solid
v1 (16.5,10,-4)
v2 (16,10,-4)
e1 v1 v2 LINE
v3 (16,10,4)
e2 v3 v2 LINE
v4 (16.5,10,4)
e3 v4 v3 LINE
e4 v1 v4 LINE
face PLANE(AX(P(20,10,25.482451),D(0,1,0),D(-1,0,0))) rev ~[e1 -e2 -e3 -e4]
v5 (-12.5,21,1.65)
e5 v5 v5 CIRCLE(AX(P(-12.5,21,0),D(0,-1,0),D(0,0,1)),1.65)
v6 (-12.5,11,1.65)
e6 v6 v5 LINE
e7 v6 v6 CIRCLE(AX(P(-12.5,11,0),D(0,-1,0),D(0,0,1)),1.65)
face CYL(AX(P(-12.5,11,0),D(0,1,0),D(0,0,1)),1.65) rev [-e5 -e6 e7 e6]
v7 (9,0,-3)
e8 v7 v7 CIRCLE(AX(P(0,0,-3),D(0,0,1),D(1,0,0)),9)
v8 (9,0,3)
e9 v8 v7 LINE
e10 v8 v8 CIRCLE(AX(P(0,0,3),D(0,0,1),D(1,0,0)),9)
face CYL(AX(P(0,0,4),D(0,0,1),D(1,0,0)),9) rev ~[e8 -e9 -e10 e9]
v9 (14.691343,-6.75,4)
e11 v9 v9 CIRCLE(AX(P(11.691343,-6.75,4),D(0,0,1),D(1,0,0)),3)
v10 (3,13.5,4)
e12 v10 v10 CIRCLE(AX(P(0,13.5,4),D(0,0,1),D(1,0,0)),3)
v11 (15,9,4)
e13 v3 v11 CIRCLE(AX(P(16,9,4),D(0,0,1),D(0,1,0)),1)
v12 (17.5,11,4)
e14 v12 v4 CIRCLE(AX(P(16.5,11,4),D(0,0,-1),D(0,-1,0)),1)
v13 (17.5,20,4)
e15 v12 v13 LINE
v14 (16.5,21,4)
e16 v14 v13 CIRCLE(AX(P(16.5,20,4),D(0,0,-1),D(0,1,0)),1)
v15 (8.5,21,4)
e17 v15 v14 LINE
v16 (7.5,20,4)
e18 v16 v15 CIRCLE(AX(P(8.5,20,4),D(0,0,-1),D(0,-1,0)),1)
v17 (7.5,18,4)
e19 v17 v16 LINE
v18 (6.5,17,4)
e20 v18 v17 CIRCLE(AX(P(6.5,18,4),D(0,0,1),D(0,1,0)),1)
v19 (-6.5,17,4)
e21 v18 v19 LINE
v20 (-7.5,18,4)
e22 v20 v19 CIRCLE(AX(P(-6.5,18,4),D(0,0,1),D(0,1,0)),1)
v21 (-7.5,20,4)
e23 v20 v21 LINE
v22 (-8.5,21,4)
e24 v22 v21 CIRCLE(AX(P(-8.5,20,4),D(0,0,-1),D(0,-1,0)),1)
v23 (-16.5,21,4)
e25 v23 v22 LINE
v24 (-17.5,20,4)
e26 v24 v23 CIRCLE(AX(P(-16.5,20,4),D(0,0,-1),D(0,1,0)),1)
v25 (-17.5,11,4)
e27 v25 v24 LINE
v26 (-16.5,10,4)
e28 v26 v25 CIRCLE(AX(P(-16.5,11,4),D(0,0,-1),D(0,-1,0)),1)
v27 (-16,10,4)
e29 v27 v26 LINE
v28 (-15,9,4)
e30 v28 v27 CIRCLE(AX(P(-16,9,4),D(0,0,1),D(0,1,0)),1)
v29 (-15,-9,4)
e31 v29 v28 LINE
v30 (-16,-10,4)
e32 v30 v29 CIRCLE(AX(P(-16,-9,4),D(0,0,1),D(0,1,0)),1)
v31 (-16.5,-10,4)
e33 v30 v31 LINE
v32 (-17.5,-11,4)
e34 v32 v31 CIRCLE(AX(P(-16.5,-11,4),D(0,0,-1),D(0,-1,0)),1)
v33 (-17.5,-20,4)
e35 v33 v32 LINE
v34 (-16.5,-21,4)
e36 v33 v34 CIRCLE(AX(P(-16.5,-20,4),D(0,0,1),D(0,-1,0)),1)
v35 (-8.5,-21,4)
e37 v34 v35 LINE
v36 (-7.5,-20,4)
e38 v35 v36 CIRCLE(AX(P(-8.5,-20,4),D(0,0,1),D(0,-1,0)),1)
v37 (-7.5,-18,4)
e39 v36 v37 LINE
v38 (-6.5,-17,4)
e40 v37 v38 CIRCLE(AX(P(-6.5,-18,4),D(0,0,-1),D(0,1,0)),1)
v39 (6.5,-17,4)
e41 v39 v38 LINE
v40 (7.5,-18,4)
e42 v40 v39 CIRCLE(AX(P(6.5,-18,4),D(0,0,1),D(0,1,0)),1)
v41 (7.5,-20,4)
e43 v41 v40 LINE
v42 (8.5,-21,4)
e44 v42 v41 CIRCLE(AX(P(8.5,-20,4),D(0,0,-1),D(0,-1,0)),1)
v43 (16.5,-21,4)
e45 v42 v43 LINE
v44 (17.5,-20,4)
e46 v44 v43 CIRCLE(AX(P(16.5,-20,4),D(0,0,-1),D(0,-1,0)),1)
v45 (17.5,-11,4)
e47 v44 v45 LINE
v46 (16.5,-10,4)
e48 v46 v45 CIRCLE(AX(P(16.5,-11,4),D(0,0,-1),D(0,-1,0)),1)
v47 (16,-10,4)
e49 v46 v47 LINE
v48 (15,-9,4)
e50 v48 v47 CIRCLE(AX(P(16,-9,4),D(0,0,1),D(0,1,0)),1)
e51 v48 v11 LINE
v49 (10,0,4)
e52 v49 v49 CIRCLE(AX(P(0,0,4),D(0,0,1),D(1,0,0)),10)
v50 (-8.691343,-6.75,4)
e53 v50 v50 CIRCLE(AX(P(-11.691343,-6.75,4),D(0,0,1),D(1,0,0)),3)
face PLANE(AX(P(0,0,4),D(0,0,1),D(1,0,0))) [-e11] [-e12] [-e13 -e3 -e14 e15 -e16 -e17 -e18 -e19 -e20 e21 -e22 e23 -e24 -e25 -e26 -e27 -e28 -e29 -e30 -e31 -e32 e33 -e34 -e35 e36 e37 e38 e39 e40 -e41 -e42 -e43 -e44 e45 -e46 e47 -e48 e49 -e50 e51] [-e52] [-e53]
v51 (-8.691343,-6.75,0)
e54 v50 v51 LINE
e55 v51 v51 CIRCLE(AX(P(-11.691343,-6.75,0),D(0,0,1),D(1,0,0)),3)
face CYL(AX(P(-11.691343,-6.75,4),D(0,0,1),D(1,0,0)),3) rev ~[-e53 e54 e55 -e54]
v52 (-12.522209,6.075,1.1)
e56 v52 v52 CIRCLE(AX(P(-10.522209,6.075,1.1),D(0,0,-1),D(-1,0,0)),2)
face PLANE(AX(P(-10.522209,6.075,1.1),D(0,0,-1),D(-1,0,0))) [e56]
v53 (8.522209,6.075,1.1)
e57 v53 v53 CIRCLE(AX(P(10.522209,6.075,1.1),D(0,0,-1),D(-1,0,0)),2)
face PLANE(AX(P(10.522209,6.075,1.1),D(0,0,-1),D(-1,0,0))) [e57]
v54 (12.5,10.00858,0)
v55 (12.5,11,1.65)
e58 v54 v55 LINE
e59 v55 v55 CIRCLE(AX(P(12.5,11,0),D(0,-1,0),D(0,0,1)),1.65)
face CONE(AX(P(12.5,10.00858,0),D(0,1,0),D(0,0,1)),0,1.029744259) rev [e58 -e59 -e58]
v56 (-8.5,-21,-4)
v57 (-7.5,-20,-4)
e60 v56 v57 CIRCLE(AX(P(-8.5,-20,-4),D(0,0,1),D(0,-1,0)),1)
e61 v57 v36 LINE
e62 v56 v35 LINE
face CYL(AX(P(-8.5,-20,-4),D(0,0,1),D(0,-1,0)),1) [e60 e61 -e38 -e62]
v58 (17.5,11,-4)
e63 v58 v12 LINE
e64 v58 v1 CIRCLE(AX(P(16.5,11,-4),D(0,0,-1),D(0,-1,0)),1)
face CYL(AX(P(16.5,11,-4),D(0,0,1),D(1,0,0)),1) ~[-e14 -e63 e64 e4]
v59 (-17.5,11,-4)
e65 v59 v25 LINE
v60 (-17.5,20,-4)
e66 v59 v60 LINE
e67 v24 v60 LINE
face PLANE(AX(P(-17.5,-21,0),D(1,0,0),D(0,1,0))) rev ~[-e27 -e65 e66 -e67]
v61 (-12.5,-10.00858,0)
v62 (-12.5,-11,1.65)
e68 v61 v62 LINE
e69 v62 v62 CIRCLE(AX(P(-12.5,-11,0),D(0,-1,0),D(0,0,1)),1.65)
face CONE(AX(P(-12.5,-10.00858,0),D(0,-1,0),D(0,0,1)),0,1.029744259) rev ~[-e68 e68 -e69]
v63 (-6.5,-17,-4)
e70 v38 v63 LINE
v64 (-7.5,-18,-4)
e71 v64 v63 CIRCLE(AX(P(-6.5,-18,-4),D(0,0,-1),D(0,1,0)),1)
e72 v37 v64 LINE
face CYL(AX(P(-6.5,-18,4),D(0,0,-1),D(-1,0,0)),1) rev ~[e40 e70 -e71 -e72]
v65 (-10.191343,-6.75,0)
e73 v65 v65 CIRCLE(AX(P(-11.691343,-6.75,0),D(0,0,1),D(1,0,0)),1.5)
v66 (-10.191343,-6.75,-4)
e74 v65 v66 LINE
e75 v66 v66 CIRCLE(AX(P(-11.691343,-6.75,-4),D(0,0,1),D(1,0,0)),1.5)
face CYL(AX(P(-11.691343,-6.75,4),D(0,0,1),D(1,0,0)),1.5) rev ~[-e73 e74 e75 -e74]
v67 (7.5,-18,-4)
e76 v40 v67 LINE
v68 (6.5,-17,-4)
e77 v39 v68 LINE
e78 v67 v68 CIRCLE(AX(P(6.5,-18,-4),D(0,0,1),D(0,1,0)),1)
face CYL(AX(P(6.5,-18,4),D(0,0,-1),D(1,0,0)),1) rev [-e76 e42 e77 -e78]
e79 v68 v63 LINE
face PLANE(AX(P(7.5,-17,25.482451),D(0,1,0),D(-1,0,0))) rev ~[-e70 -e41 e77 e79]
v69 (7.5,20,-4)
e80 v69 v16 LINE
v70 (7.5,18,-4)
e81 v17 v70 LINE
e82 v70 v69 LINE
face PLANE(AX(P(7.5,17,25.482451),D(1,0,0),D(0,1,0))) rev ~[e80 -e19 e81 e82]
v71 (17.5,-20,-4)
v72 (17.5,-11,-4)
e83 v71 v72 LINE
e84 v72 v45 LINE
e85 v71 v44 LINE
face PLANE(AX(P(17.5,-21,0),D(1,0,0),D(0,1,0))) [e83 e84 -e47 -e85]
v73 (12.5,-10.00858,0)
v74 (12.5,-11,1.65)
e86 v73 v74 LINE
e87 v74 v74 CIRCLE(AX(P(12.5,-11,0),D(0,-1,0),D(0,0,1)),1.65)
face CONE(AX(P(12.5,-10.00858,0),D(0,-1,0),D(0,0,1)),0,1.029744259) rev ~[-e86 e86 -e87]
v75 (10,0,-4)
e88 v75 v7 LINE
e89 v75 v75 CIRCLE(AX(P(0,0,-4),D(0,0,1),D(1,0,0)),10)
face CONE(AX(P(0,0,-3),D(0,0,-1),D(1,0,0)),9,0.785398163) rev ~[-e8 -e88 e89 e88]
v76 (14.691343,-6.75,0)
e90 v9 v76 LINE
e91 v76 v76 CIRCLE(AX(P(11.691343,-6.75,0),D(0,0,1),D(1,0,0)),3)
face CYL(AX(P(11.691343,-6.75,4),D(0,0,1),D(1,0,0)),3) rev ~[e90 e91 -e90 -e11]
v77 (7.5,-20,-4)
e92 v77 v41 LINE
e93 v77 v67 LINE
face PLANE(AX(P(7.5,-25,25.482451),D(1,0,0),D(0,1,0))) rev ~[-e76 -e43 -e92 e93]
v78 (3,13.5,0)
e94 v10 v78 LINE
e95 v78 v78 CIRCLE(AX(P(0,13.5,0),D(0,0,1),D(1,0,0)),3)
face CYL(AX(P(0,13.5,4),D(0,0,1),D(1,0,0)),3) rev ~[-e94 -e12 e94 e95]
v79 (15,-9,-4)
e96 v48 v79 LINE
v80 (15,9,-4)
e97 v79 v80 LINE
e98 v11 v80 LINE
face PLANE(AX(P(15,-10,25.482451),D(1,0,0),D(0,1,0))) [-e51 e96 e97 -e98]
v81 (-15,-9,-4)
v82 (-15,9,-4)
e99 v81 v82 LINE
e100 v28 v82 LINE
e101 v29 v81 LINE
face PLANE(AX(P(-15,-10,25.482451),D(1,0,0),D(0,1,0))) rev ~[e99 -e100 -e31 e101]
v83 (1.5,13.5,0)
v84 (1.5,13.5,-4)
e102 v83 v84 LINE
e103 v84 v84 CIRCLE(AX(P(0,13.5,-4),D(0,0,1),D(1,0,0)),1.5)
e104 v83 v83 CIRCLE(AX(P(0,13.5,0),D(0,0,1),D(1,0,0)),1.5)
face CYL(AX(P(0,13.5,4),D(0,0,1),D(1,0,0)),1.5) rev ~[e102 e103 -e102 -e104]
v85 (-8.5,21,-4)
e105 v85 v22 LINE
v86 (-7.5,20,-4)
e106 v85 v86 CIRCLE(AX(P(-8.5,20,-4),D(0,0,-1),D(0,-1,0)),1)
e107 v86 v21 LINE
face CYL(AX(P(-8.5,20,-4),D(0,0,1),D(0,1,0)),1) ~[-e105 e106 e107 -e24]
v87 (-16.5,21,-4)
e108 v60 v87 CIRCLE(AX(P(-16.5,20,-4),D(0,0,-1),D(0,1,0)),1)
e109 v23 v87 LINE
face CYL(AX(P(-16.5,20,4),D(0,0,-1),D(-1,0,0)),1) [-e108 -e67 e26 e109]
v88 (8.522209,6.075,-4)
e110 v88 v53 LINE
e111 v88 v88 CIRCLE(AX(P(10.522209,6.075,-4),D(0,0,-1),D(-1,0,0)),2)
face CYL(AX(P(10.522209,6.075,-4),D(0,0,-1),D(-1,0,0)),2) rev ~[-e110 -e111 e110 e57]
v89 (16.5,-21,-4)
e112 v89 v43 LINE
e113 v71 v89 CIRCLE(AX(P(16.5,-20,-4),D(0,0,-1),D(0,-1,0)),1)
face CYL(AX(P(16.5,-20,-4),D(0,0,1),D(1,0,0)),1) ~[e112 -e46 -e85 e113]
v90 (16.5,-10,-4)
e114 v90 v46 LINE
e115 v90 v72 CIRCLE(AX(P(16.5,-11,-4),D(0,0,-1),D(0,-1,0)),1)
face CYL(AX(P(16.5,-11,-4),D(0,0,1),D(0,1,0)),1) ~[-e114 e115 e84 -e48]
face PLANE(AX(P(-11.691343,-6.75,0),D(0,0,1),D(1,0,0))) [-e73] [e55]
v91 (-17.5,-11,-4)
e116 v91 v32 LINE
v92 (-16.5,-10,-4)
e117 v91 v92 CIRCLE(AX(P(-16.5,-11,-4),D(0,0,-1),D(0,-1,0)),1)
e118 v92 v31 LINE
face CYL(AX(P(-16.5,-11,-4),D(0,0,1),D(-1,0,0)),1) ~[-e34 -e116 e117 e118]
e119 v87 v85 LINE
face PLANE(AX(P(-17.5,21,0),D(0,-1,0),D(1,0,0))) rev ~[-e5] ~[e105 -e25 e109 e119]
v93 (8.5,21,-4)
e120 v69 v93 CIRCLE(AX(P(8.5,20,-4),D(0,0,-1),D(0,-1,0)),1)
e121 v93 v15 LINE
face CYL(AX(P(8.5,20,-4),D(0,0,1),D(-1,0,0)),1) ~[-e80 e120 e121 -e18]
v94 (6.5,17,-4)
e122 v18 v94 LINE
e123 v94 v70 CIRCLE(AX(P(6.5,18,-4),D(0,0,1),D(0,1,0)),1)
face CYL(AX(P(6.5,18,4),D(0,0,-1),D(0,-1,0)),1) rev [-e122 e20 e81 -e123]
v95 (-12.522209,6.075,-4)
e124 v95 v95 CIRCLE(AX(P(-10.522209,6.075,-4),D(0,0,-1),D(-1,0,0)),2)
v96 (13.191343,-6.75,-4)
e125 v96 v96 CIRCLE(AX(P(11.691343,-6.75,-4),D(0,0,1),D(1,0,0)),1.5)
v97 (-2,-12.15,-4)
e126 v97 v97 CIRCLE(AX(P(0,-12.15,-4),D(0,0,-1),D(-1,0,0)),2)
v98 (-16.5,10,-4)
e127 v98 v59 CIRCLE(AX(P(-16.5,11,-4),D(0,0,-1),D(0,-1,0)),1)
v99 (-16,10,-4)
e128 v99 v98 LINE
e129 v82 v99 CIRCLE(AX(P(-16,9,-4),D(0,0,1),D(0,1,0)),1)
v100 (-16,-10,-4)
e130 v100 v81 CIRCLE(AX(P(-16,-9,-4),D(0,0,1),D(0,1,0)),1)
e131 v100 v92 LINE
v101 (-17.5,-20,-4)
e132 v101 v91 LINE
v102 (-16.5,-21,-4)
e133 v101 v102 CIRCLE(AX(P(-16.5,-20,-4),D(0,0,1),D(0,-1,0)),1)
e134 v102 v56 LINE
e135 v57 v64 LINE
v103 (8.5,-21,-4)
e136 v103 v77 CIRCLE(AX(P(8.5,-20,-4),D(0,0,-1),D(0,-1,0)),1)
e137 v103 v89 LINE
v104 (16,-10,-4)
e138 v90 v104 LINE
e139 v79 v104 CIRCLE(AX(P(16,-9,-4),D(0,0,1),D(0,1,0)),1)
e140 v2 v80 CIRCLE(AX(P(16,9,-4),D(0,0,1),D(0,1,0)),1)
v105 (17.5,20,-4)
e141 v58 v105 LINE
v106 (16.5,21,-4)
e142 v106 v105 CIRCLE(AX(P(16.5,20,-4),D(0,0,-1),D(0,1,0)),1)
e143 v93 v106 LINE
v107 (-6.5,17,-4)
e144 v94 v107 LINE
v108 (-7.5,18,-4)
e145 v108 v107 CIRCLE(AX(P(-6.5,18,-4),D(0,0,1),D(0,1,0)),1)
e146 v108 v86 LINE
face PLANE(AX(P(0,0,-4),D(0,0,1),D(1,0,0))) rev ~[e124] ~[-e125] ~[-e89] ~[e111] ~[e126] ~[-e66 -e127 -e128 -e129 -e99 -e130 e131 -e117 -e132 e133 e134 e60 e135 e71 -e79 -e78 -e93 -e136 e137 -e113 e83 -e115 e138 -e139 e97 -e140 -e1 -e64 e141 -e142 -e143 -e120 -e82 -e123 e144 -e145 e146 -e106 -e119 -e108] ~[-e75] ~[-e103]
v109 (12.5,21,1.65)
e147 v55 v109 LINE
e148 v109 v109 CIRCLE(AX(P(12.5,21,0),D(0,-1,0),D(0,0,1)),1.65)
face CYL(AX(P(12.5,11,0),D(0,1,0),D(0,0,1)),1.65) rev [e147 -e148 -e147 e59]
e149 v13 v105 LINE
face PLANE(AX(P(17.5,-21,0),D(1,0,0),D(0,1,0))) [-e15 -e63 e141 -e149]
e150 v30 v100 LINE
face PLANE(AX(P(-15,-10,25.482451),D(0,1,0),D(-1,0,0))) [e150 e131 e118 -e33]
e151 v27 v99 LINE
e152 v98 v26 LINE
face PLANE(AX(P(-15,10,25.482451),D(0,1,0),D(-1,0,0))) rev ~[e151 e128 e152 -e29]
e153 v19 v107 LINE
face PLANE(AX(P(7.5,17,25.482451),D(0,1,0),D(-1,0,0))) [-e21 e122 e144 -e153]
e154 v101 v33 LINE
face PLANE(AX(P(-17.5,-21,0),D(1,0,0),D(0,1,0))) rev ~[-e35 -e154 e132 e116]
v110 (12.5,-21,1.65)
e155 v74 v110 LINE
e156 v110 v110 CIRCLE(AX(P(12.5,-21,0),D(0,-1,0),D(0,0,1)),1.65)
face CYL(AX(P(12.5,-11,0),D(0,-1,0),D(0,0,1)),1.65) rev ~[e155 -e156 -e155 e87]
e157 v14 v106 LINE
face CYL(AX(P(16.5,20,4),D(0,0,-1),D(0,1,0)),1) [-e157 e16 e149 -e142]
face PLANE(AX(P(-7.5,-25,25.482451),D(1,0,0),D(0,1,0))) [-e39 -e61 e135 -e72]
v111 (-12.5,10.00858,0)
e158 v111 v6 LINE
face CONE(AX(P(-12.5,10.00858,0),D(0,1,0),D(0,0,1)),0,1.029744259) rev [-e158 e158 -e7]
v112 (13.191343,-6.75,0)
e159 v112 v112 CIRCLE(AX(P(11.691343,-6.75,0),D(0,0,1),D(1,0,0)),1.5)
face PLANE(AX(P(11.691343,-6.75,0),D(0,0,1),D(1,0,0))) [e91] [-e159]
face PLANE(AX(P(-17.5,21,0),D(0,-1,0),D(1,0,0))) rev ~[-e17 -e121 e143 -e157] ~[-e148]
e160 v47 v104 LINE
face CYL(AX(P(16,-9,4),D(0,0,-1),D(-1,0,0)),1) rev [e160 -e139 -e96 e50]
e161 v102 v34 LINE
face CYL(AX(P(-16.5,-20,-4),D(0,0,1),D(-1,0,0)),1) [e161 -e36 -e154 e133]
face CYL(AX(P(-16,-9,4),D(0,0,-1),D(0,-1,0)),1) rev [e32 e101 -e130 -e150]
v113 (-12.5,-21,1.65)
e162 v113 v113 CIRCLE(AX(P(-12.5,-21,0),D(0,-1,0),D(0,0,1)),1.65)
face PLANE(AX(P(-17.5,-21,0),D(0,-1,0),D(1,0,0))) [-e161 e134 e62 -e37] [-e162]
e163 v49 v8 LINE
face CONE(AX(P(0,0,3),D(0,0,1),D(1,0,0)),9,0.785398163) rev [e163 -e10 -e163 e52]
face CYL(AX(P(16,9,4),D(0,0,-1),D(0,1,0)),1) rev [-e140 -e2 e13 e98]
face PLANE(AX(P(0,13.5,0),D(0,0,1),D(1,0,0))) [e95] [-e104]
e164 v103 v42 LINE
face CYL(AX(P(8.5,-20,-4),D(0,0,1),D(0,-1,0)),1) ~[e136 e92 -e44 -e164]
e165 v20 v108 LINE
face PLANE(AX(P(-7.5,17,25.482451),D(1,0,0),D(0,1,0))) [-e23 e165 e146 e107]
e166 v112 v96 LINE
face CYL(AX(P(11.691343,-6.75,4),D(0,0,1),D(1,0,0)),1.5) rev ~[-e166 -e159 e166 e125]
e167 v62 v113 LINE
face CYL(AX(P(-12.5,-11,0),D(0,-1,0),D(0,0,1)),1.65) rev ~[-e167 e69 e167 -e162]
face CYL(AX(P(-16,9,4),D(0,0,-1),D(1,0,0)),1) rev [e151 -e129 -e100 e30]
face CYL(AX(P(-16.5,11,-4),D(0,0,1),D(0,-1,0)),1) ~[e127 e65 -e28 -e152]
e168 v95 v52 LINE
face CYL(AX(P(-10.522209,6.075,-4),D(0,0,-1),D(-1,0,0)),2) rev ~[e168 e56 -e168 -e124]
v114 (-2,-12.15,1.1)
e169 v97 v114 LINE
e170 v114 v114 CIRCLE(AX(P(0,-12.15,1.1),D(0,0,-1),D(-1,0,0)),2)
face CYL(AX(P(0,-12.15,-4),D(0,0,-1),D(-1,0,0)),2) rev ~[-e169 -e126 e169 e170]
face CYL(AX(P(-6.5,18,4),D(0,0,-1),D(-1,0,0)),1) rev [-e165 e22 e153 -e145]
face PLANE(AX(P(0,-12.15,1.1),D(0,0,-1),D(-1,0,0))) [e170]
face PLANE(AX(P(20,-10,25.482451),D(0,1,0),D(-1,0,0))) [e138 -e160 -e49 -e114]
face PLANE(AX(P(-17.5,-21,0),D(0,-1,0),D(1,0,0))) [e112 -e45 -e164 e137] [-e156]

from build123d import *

# Parameters (mm, degrees)
SKETCH_1_W                  = 35
SKETCH_1_H                  = 42
EXTRUDE_1_DEPTH             = 4
SKETCH_2_R                  = 1.5
SKETCH_2_R_2                = 9
CUT_EXTRUDE_1_DEPTH         = 8
SKETCH_3_R                  = 3
CUT_EXTRUDE_2_DEPTH         = 4
HOLE_WIZARD_M4_1_AT_2_COUNT = 2
HOLE_WIZARD_M4_1_AT_2_PITCH = 25
SKETCH_9_R                  = 2
CUT_EXTRUDE_3_DEPTH         = 5.1
CUT_EXTRUDE_4_DEPTH         = 29.482450737
CUT_EXTRUDE_4_DEPTH_BACK    = 29.482450737
SKETCH_10_W                 = 15
SKETCH_10_H                 = 8
SKETCH_10_W_2               = 5
SKETCH_10_H_2               = 20
FILLET_2_R                  = 1
CHAMFER_1_SIZE              = 1


with BuildPart() as part:
    # 草图1 → 凸台-拉伸1 (new, symmetric)
    with BuildSketch(Plane.XY):
        Rectangle(SKETCH_1_W, SKETCH_1_H)
    extrude(amount=EXTRUDE_1_DEPTH, both=True)

    # 草图2 → 切除-拉伸1 (cut)
    with BuildSketch(Plane.XY.offset(4)):
        with Locations((0, 13.5)):
            Circle(SKETCH_2_R)
        with Locations((11.691342951, -6.75)):
            Circle(SKETCH_2_R)
        with Locations((-11.691342951, -6.75)):
            Circle(SKETCH_2_R)
        Circle(SKETCH_2_R_2)
    extrude(amount=-CUT_EXTRUDE_1_DEPTH, mode=Mode.SUBTRACT)

    # 草图3 → 切除-拉伸2 (cut)
    with BuildSketch(Plane.XY.offset(4)):
        with Locations((-11.691342951, -6.75)):
            Circle(SKETCH_3_R)
        with Locations((11.691342951, -6.75)):
            Circle(SKETCH_3_R)
        with Locations((0, 13.5)):
            Circle(SKETCH_3_R)
    extrude(amount=-CUT_EXTRUDE_2_DEPTH, mode=Mode.SUBTRACT)

    # 草图8 → M4 螺纹孔1 (revolve, cut)
    with BuildSketch(Plane(origin=(-12.5, 21, 0), x_dir=(0, 0, 1), z_dir=(1, 0, 0))):
        Polygon((0, 0), (0, 10.991420021), (1.65, 10), (1.65, 0), align=None)
    hole_wizard_m4_1 = revolve(axis=Axis((-12.5, 27.35, 0), (0, -1, 0)), mode=Mode.SUBTRACT)

    # M4 螺纹孔1 at 2: M4 螺纹孔1 ×2
    with Locations(*[(i * HOLE_WIZARD_M4_1_AT_2_PITCH, 0, 0) for i in range(1, HOLE_WIZARD_M4_1_AT_2_COUNT)]):
        add(hole_wizard_m4_1, mode=Mode.SUBTRACT)

    # 镜向1: M4 螺纹孔1 across plane
    add(hole_wizard_m4_1.mirror(Plane.ZX), mode=Mode.SUBTRACT)

    # 镜向1 copy 1 sketch → 镜向1 copy 1 (revolve, cut)
    with BuildSketch(Plane(origin=(12.5, -21, 0), x_dir=(0, 0, 1), z_dir=(1, 0, 0))):
        Polygon((0, 0), (0, -10.991420021), (1.65, -10), (1.65, 0), align=None)
    revolve(axis=Axis((12.5, -27.35, 0), (0, -1, 0)), mode=Mode.SUBTRACT)

    # 草图9 → 切除-拉伸3 (cut)
    with BuildSketch(Plane(origin=(0, 0, -4), x_dir=(-1, 0, 0), z_dir=(0, 0, -1))):
        with Locations((0, -12.15)):
            Circle(SKETCH_9_R)
        with Locations((-10.522208656, 6.075)):
            Circle(SKETCH_9_R)
        with Locations((10.522208656, 6.075)):
            Circle(SKETCH_9_R)
    extrude(amount=-CUT_EXTRUDE_3_DEPTH, mode=Mode.SUBTRACT)

    # 草图10 → 切除-拉伸4 (cut, two sides: drawn at the far end of the back side and taken through both)
    with BuildSketch(Plane(origin=(0, 0, -4), x_dir=(-1, 0, 0), z_dir=(0, 0, -1)).offset(-CUT_EXTRUDE_4_DEPTH_BACK)):
        with Locations((0, 21)):
            Rectangle(SKETCH_10_W, SKETCH_10_H)
        with Locations((0, -21)):
            Rectangle(SKETCH_10_W, SKETCH_10_H)
        with Locations((17.5, 0)):
            Rectangle(SKETCH_10_W_2, SKETCH_10_H_2)
        with Locations((-17.5, 0)):
            Rectangle(SKETCH_10_W_2, SKETCH_10_H_2)
    extrude(amount=CUT_EXTRUDE_4_DEPTH + CUT_EXTRUDE_4_DEPTH_BACK, mode=Mode.SUBTRACT)

    # 圆角2
    fillet_2_edges = [part.edges().sort_by_distance(p)[0] for p in [
        (-7.5, 21, 0),
        (-7.5, 17, 0),
        (7.5, 21, 0),
        (7.5, 17, 0),
        (-7.5, -21, 0),
        (-7.5, -17, 0),
        (7.5, -21, 0),
        (7.5, -17, 0),
        (-17.5, -10, 0),
        (-15, -10, 0),
        (-17.5, 10, 0),
        (-15, 10, 0),
        (15, 10, 0),
        (17.5, -10, 0),
        (15, -10, 0),
        (17.5, 10, 0),
        (17.5, -21, 0),
        (-17.5, -21, 0),
        (-17.5, 21, 0),
        (17.5, 21, 0),
    ]]
    fillet(fillet_2_edges, radius=FILLET_2_R)

    # 倒角1
    chamfer_1_edges = [part.edges().sort_by_distance(p)[0] for p in [
        (-9, 0, -4),
        (-9, 0, 4),
    ]]
    chamfer(chamfer_1_edges, length=CHAMFER_1_SIZE)


solid = part.part
